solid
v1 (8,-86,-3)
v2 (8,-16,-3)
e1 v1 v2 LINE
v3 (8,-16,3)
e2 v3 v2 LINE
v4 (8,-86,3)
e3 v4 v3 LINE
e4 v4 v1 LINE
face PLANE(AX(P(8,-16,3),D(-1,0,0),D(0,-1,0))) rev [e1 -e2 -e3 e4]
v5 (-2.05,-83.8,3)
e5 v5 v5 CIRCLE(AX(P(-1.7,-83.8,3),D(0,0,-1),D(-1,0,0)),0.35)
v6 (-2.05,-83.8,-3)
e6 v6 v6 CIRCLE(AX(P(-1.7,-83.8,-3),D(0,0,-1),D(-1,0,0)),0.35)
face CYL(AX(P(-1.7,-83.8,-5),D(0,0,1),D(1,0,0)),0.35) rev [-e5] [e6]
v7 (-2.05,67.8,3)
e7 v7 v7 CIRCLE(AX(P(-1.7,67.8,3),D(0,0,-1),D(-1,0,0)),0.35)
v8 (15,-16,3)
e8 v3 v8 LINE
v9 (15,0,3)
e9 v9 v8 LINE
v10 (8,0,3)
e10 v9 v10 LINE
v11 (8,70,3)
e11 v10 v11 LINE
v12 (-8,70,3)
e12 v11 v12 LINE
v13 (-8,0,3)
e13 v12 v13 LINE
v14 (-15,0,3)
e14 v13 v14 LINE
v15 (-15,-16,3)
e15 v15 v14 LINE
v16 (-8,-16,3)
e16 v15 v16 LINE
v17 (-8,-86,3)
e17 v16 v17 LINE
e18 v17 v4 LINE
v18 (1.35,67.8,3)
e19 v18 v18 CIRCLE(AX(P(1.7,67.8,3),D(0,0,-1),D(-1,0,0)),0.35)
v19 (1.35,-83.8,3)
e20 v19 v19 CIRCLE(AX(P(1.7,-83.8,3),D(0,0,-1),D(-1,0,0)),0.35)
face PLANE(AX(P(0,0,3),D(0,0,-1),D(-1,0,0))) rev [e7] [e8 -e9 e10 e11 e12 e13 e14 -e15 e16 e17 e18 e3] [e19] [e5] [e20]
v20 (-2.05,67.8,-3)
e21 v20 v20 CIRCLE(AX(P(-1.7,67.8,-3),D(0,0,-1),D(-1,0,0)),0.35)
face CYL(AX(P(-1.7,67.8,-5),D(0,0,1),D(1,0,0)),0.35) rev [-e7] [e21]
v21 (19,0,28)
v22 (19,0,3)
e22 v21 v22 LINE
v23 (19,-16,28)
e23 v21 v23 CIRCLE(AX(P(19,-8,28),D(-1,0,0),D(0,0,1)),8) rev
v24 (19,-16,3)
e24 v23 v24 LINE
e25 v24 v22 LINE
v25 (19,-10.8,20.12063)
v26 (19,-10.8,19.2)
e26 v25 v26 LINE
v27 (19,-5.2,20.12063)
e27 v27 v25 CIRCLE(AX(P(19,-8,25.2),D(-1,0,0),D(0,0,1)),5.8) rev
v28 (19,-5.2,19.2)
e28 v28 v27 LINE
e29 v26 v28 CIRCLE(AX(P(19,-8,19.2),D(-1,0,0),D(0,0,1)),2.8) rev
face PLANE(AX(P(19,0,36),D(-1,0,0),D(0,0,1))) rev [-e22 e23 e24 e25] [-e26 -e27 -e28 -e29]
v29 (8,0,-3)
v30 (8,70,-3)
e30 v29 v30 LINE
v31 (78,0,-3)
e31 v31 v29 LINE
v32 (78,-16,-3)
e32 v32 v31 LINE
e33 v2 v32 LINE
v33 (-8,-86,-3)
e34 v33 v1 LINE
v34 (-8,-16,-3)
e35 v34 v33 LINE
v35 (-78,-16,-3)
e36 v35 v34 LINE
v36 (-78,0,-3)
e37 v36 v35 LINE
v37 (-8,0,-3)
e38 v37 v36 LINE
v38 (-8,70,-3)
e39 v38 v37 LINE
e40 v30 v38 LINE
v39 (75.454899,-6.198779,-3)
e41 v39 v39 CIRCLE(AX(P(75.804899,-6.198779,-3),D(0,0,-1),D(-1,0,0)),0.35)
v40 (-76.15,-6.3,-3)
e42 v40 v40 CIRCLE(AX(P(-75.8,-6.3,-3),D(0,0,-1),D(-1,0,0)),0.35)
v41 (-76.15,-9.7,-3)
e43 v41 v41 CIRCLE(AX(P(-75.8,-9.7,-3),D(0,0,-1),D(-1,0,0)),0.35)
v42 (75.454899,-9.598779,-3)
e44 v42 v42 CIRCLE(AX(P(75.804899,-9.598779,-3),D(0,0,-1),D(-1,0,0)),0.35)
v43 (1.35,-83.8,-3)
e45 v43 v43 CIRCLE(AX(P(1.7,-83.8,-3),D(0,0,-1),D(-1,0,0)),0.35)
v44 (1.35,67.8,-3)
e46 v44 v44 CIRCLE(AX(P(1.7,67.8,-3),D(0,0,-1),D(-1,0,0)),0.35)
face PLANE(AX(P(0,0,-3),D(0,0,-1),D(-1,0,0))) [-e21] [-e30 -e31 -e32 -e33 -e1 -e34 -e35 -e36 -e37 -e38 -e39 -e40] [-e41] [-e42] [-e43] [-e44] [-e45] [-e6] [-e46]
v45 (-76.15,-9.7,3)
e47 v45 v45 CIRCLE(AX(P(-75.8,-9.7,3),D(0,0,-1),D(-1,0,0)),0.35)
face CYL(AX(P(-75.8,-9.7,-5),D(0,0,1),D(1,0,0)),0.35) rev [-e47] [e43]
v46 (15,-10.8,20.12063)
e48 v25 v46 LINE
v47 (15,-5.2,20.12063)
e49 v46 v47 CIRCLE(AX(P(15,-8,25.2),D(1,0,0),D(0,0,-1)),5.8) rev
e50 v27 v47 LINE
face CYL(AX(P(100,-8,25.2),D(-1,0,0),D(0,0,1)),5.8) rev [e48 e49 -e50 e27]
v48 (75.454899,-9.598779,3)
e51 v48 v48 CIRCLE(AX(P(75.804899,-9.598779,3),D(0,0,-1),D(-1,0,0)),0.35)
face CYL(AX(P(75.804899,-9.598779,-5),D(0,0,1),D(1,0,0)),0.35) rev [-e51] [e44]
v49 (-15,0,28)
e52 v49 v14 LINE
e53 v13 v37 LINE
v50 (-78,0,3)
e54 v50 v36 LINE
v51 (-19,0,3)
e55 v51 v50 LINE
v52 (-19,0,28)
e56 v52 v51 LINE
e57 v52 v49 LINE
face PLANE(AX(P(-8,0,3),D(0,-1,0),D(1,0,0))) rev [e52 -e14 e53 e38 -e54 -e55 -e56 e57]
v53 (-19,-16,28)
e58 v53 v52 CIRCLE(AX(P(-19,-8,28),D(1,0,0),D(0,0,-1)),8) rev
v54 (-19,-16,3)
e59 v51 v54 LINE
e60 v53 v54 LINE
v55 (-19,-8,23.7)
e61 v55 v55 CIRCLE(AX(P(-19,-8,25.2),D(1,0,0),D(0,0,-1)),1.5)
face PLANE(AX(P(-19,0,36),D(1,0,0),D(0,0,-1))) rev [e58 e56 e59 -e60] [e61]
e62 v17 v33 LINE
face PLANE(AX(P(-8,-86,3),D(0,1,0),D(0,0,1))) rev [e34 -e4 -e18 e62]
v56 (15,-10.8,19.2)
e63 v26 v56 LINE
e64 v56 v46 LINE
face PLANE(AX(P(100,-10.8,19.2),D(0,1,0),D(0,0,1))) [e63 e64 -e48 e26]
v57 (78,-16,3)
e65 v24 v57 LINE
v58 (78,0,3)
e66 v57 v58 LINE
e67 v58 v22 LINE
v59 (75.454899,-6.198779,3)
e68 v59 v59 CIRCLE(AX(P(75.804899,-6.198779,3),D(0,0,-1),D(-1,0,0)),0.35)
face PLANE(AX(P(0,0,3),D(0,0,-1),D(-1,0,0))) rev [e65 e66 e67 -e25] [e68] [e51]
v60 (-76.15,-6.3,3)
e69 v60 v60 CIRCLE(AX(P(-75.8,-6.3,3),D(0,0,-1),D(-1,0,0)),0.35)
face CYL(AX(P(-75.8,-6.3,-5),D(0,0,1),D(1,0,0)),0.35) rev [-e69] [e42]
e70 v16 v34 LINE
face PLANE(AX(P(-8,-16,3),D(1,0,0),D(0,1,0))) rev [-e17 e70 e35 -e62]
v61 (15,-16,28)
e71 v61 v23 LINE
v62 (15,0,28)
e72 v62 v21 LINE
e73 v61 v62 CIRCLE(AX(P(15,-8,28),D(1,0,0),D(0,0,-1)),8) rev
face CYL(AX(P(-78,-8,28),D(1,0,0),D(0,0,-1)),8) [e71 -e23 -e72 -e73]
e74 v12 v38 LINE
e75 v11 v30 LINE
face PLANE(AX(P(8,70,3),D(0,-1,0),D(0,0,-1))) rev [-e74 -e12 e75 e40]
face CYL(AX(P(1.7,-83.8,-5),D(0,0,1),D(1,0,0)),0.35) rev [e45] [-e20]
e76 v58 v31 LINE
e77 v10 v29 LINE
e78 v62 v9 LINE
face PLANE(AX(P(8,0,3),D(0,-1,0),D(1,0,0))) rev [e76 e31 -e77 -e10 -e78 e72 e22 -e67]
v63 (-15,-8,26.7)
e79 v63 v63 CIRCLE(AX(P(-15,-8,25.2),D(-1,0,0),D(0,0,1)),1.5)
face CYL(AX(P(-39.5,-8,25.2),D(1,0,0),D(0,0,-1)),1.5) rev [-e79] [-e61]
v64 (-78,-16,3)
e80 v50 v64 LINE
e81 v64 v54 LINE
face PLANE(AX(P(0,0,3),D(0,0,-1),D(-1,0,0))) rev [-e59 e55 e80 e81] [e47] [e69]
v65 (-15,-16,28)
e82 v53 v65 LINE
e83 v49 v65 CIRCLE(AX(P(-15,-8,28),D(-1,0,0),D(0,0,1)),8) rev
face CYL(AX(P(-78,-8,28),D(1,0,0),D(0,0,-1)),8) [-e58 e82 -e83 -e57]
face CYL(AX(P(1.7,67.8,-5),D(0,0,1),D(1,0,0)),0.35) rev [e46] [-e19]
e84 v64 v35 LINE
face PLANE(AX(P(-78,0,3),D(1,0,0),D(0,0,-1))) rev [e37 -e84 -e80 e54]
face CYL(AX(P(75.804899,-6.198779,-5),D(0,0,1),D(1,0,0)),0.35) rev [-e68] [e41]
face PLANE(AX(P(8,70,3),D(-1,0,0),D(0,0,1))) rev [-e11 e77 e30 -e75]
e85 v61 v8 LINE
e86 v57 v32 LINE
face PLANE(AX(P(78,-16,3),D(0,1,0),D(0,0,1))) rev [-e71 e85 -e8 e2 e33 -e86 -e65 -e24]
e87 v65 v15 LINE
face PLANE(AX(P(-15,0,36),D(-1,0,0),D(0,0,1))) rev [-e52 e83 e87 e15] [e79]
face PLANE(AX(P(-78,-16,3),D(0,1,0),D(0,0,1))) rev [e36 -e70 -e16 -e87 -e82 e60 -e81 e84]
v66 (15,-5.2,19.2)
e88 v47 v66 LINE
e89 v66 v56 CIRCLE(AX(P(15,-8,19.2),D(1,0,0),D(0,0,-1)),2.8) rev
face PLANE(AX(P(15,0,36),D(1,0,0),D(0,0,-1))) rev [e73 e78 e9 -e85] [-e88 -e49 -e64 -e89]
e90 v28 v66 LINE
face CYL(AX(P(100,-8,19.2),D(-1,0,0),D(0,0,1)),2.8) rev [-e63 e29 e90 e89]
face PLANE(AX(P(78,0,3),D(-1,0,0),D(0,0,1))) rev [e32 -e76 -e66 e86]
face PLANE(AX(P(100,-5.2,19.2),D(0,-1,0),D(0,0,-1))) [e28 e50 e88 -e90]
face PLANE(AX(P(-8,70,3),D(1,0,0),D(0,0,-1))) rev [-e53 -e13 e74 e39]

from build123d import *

# Parameters (mm, degrees)
Y_KSEKLIK_EKSTR_ZYON1_DEPTH = 3
IZIM2_R                     = 0.35
KES_EKSTR_ZYON1_DEPTH       = 5
IZIM3_W                     = 4
IZIM3_H                     = 16
Y_KSEKLIK_EKSTR_ZYON4_DEPTH = 36
KES_EKSTR_ZYON2_DEPTH       = 122.556571192
KES_EKSTR_ZYON2_DEPTH_BACK  = 122.556571192
KES_EKSTR_ZYON3_DEPTH       = 100
IZIM8_R                     = 1.5
KES_EKSTR_ZYON4_DEPTH       = 30


with BuildPart() as part:
    # Çizim1 → Yükseklik-Ekstrüzyon1 (new, symmetric)
    with BuildSketch(Plane.XY):
        Polygon((8, 70), (-8, 70), (-8, 0), (-78, 0), (-78, -16), (-8, -16), (-8, -86), (8, -86), (8, -16), (78, -16), (78, 0), (8, 0), align=None)
    extrude(amount=Y_KSEKLIK_EKSTR_ZYON1_DEPTH, both=True)

    # Çizim2 → Kes-Ekstrüzyon1 (cut, symmetric)
    with BuildSketch(Plane.XY):
        with Locations(Location((-75.8, -6.3, 0), (0, 0, 180))):
            Circle(IZIM2_R)
        with Locations(Location((-75.8, -9.7, 0), (0, 0, 180))):
            Circle(IZIM2_R)
        with Locations(Location((-1.7, 67.8, 0), (0, 0, 180))):
            Circle(IZIM2_R)
        with Locations(Location((1.7, 67.8, 0), (0, 0, 180))):
            Circle(IZIM2_R)
        with Locations(Location((75.804898835, -6.19877905, 0), (0, 0, 180))):
            Circle(IZIM2_R)
        with Locations(Location((75.804898835, -9.59877905, 0), (0, 0, 180))):
            Circle(IZIM2_R)
        with Locations((-75.804898835, 141.79877905)):
            Circle(IZIM2_R)
        with Locations((-75.804898835, 145.19877905)):
            Circle(IZIM2_R)
        with Locations((73.99877905, 143.604898835)):
            Circle(IZIM2_R)
        with Locations((77.39877905, 143.604898835)):
            Circle(IZIM2_R)
        with Locations(Location((-1.7, -83.8, 0), (0, 0, 180))):
            Circle(IZIM2_R)
        with Locations(Location((1.7, -83.8, 0), (0, 0, 180))):
            Circle(IZIM2_R)
    extrude(amount=KES_EKSTR_ZYON1_DEPTH, both=True, mode=Mode.SUBTRACT)

    # Çizim3 → Yükseklik-Ekstrüzyon4 (add)
    with BuildSketch(Plane.XY):
        with Locations((-17, -8)):
            Rectangle(IZIM3_W, IZIM3_H)
        with Locations((17, -8)):
            Rectangle(IZIM3_W, IZIM3_H)
    extrude(amount=Y_KSEKLIK_EKSTR_ZYON4_DEPTH)

    # Çizim6 → Kes-Ekstrüzyon2 (cut, two sides: drawn at the far end of the back side and taken through both)
    with BuildSketch(Plane(origin=(0, 0, 0), x_dir=(0, 0, -1), z_dir=(1, 0, 0)).offset(-KES_EKSTR_ZYON2_DEPTH_BACK)):
        with BuildLine():
            Line((-36, 0), (-39.977521608, 0))
            Line((-39.977521608, 0), (-39.977521608, -16))
            Line((-39.977521608, -16), (-36, -16))
            Line((-36, -16), (-28, -16))
            ThreePointArc((-28, -16), (-36, -8), (-28, 0))
            Line((-28, 0), (-36, 0))
        make_face()
    extrude(amount=KES_EKSTR_ZYON2_DEPTH + KES_EKSTR_ZYON2_DEPTH_BACK, mode=Mode.SUBTRACT)

    # Çizim7 → Kes-Ekstrüzyon3 (cut)
    with BuildSketch(Plane(origin=(0, 0, 0), x_dir=(0, 0, -1), z_dir=(1, 0, 0))):
        with BuildLine():
            Line((-19.2, -5.2), (-20.12062996, -5.2))
            ThreePointArc((-20.12062996, -5.2), (-31, -8), (-20.12062996, -10.8))
            Line((-20.12062996, -10.8), (-19.2, -10.8))
            ThreePointArc((-19.2, -10.8), (-16.4, -8), (-19.2, -5.2))
        make_face()
    extrude(amount=KES_EKSTR_ZYON3_DEPTH, mode=Mode.SUBTRACT)

    # Çizim8 → Kes-Ekstrüzyon4 (cut)
    with BuildSketch(Plane(origin=(-9.5, 0, 0), x_dir=(0, 0, -1), z_dir=(1, 0, 0))):
        with Locations((-25.2, -8)):
            Circle(IZIM8_R)
    extrude(amount=-KES_EKSTR_ZYON4_DEPTH, mode=Mode.SUBTRACT)


solid = part.part
